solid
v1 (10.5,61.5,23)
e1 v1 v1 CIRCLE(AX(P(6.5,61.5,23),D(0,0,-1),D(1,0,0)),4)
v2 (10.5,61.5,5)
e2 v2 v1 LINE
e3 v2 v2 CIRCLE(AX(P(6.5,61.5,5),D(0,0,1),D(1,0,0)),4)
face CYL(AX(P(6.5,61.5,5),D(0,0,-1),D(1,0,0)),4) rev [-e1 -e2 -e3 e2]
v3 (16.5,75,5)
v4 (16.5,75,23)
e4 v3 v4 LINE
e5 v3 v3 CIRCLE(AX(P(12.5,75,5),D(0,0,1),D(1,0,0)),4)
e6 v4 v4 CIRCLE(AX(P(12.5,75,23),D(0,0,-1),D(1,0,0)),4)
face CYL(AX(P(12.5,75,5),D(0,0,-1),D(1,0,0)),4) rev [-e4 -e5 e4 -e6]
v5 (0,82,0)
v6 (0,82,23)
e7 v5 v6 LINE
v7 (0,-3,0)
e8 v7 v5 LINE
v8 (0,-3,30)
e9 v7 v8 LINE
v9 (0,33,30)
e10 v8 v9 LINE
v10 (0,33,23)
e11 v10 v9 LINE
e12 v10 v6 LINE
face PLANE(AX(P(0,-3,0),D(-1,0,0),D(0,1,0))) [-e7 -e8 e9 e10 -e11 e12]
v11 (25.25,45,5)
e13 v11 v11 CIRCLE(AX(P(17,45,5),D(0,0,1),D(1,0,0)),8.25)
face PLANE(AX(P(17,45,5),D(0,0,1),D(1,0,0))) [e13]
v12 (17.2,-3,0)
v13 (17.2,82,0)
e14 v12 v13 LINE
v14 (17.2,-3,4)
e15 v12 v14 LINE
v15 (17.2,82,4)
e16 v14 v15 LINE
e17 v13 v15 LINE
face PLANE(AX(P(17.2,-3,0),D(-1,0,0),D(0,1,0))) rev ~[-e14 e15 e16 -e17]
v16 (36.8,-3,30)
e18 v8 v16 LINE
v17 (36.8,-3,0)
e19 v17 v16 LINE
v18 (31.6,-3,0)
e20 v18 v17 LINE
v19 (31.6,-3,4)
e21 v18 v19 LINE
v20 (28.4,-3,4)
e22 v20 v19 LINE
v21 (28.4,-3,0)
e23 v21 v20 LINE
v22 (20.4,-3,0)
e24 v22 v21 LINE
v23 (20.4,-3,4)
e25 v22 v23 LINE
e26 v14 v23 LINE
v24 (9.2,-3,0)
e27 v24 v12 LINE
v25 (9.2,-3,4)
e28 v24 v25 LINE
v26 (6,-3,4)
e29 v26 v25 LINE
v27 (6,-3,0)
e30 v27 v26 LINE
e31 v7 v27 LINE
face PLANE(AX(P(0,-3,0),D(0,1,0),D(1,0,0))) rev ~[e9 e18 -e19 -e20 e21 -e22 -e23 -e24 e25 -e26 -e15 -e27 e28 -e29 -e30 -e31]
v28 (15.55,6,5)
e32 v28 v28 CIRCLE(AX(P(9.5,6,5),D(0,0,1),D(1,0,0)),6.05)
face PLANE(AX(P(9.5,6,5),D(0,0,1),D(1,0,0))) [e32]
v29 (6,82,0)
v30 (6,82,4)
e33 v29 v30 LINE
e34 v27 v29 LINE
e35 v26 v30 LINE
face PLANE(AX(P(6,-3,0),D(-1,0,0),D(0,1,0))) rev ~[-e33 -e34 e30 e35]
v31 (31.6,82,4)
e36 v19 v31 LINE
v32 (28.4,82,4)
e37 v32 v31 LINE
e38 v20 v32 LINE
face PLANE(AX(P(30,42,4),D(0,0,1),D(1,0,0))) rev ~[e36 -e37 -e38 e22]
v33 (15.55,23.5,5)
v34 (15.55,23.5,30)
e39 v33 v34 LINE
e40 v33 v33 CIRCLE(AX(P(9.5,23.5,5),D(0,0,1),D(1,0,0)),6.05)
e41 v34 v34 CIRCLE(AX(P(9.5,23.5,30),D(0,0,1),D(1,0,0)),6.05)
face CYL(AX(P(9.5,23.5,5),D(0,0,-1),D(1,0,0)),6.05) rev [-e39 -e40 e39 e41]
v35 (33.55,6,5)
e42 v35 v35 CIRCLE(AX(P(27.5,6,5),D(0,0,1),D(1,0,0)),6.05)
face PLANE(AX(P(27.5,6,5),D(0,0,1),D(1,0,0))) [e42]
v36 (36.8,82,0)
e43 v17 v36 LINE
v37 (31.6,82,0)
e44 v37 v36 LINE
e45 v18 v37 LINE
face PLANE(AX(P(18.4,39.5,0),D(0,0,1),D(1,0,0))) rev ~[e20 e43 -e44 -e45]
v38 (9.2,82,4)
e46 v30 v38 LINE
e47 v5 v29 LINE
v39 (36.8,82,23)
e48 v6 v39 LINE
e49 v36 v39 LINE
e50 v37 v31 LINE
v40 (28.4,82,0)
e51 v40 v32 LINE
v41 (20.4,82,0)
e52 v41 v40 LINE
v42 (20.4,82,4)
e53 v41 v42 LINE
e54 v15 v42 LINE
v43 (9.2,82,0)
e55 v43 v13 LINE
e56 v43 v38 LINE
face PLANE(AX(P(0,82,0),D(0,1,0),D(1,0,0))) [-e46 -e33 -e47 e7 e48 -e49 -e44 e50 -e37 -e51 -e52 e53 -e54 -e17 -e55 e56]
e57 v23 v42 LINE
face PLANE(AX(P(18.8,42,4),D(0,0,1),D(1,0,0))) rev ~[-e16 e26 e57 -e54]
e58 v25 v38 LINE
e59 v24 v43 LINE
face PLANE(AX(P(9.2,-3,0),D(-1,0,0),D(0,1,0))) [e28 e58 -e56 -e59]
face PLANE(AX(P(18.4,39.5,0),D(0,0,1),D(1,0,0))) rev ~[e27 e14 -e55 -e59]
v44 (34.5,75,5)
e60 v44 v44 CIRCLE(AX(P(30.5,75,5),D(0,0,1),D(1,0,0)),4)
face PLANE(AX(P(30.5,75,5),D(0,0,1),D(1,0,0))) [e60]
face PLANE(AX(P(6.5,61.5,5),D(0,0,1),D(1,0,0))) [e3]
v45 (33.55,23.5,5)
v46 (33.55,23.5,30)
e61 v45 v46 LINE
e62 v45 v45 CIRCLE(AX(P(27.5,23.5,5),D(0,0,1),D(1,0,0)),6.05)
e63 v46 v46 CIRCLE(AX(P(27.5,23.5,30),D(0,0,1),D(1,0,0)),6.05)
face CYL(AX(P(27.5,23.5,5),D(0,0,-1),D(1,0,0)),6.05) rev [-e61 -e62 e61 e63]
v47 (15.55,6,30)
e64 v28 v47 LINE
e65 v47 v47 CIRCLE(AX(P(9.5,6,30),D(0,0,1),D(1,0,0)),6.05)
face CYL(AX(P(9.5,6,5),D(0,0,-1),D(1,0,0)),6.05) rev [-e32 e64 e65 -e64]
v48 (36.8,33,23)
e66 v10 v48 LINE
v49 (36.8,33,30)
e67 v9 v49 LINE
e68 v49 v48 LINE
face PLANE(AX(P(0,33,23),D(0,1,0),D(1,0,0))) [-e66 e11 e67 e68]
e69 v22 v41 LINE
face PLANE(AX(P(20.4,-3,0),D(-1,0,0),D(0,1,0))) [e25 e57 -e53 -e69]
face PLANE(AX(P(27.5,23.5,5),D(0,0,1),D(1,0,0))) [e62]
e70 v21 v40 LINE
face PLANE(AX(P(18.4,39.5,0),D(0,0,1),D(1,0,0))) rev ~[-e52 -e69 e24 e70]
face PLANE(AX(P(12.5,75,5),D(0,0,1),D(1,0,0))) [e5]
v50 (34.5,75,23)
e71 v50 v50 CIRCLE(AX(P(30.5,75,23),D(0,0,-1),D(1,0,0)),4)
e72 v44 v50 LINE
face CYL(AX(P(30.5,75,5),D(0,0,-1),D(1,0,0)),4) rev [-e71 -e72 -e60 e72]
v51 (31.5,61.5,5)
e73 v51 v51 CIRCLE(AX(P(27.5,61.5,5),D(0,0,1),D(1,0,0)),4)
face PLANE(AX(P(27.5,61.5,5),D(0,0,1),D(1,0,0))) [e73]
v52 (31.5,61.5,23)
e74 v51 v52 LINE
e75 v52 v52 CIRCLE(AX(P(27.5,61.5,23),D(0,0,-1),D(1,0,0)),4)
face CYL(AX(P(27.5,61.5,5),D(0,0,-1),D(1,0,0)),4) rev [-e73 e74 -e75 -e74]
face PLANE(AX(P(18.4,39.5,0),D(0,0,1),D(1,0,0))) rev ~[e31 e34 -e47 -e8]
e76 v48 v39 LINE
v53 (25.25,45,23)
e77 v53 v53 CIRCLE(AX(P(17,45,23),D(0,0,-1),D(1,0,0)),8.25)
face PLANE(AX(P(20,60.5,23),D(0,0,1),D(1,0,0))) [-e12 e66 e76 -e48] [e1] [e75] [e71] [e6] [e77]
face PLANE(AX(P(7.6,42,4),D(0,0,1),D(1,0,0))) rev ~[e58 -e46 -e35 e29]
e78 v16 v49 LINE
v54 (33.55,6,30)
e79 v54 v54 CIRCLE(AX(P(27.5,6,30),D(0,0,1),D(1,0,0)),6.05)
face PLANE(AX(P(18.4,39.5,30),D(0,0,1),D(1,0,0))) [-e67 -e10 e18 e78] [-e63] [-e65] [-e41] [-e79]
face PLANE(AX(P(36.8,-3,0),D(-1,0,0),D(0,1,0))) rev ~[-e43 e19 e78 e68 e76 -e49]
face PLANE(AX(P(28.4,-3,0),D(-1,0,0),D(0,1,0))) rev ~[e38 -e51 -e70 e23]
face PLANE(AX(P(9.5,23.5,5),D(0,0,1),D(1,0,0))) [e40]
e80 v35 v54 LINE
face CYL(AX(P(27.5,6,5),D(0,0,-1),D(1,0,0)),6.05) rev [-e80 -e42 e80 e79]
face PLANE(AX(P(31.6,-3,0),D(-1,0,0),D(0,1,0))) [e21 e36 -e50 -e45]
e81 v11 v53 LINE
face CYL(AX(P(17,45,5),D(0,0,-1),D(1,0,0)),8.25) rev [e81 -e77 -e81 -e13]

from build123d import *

# Parameters (mm, degrees)
CYLINDER008_R     = 8.25
CYLINDER008_DEPTH = 30
BOX008_W          = 3.2
BOX008_H          = 90
BOX008_DEPTH      = 4
BOX006_W          = 3.2
BOX006_H          = 90
BOX006_DEPTH      = 4
BOX004_W          = 3.2
BOX004_H          = 90
BOX004_DEPTH      = 4
CYLINDER007_R     = 4
CYLINDER007_DEPTH = 25
CYLINDER006_R     = 4
CYLINDER006_DEPTH = 25
CYLINDER005_R     = 4
CYLINDER005_DEPTH = 25
CYLINDER004_R     = 4
CYLINDER004_DEPTH = 25
CYLINDER003_R     = 6.05
CYLINDER003_DEPTH = 25
CYLINDER002_R     = 6.05
CYLINDER002_DEPTH = 25
CYLINDER001_R     = 6.05
CYLINDER001_DEPTH = 25
CYLINDER_R        = 6.05
CYLINDER_DEPTH    = 25
BOX001_W          = 40
BOX001_H          = 55
BOX001_DEPTH      = 7
BOX_W             = 36.8
BOX_H             = 85
BOX_DEPTH         = 30


with BuildPart() as cylinder008:
    # Cylinder008 → Cylinder008 (new body)
    with BuildSketch(Plane(origin=(17, 45, 5), x_dir=(1, 0, 0), z_dir=(0, 0, 1))):
        Circle(CYLINDER008_R)
    extrude(amount=CYLINDER008_DEPTH)


with BuildPart() as cube008:
    # Box008 → Box008 (new body)
    with BuildSketch(Plane(origin=(28.4, -3, 0), x_dir=(1, 0, 0), z_dir=(0, 0, 1))):
        with Locations((1.6, 45)):
            Rectangle(BOX008_W, BOX008_H)
    extrude(amount=BOX008_DEPTH)


with BuildPart() as cube006:
    # Box006 → Box006 (new body)
    with BuildSketch(Plane(origin=(17.2, -3, 0), x_dir=(1, 0, 0), z_dir=(0, 0, 1))):
        with Locations((1.6, 45)):
            Rectangle(BOX006_W, BOX006_H)
    extrude(amount=BOX006_DEPTH)


with BuildPart() as cube004:
    # Box004 → Box004 (new body)
    with BuildSketch(Plane(origin=(6, -3, 0), x_dir=(1, 0, 0), z_dir=(0, 0, 1))):
        with Locations((1.6, 45)):
            Rectangle(BOX004_W, BOX004_H)
    extrude(amount=BOX004_DEPTH)


with BuildPart() as cylinder007:
    # Cylinder007 → Cylinder007 (new body)
    with BuildSketch(Plane(origin=(6.5, 61.5, 5), x_dir=(1, 0, 0), z_dir=(0, 0, 1))):
        Circle(CYLINDER007_R)
    extrude(amount=CYLINDER007_DEPTH)


with BuildPart() as cylinder006:
    # Cylinder006 → Cylinder006 (new body)
    with BuildSketch(Plane(origin=(30.5, 75, 5), x_dir=(1, 0, 0), z_dir=(0, 0, 1))):
        Circle(CYLINDER006_R)
    extrude(amount=CYLINDER006_DEPTH)


with BuildPart() as cylinder005:
    # Cylinder005 → Cylinder005 (new body)
    with BuildSketch(Plane(origin=(27.5, 61.5, 5), x_dir=(1, 0, 0), z_dir=(0, 0, 1))):
        Circle(CYLINDER005_R)
    extrude(amount=CYLINDER005_DEPTH)


with BuildPart() as cylinder004:
    # Cylinder004 → Cylinder004 (new body)
    with BuildSketch(Plane(origin=(12.5, 75, 5), x_dir=(1, 0, 0), z_dir=(0, 0, 1))):
        Circle(CYLINDER004_R)
    extrude(amount=CYLINDER004_DEPTH)


with BuildPart() as cylinder003:
    # Cylinder003 → Cylinder003 (new body)
    with BuildSketch(Plane(origin=(27.5, 23.5, 5), x_dir=(1, 0, 0), z_dir=(0, 0, 1))):
        Circle(CYLINDER003_R)
    extrude(amount=CYLINDER003_DEPTH)


with BuildPart() as cylinder002:
    # Cylinder002 → Cylinder002 (new body)
    with BuildSketch(Plane(origin=(9.5, 23.5, 5), x_dir=(1, 0, 0), z_dir=(0, 0, 1))):
        Circle(CYLINDER002_R)
    extrude(amount=CYLINDER002_DEPTH)


with BuildPart() as cylinder001:
    # Cylinder001 → Cylinder001 (new body)
    with BuildSketch(Plane(origin=(27.5, 6, 5), x_dir=(1, 0, 0), z_dir=(0, 0, 1))):
        Circle(CYLINDER001_R)
    extrude(amount=CYLINDER001_DEPTH)


with BuildPart() as cylinder:
    # Cylinder → Cylinder (new body)
    with BuildSketch(Plane(origin=(9.5, 6, 5), x_dir=(1, 0, 0), z_dir=(0, 0, 1))):
        Circle(CYLINDER_R)
    extrude(amount=CYLINDER_DEPTH)


with BuildPart() as cube001:
    # Box001 → Box001 (new body)
    with BuildSketch(Plane(origin=(0, 33, 23), x_dir=(1, 0, 0), z_dir=(0, 0, 1))):
        with Locations((20, 27.5)):
            Rectangle(BOX001_W, BOX001_H)
    extrude(amount=BOX001_DEPTH)


with BuildPart() as cut012:
    # Box → Box (new body)
    with BuildSketch(Plane(origin=(0, -3, 0), x_dir=(1, 0, 0), z_dir=(0, 0, 1))):
        with Locations((18.4, 42.5)):
            Rectangle(BOX_W, BOX_H)
    extrude(amount=BOX_DEPTH)

    # Cut: cut Cube001
    add(cube001.part, mode=Mode.SUBTRACT)

    # Cut001: cut Cylinder
    add(cylinder.part, mode=Mode.SUBTRACT)

    # Cut002: cut Cylinder001
    add(cylinder001.part, mode=Mode.SUBTRACT)

    # Cut003: cut Cylinder002
    add(cylinder002.part, mode=Mode.SUBTRACT)

    # Cut004: cut Cylinder003
    add(cylinder003.part, mode=Mode.SUBTRACT)

    # Cut005: cut Cylinder004
    add(cylinder004.part, mode=Mode.SUBTRACT)

    # Cut006: cut Cylinder005
    add(cylinder005.part, mode=Mode.SUBTRACT)

    # Cut007: cut Cylinder006
    add(cylinder006.part, mode=Mode.SUBTRACT)

    # Cut008: cut Cylinder007
    add(cylinder007.part, mode=Mode.SUBTRACT)

    # Cut009: cut Cube004
    add(cube004.part, mode=Mode.SUBTRACT)

    # Cut010: cut Cube006
    add(cube006.part, mode=Mode.SUBTRACT)

    # Cut011: cut Cube008
    add(cube008.part, mode=Mode.SUBTRACT)

    # Cut012: cut Cylinder008
    add(cylinder008.part, mode=Mode.SUBTRACT)


solid = cut012.part
